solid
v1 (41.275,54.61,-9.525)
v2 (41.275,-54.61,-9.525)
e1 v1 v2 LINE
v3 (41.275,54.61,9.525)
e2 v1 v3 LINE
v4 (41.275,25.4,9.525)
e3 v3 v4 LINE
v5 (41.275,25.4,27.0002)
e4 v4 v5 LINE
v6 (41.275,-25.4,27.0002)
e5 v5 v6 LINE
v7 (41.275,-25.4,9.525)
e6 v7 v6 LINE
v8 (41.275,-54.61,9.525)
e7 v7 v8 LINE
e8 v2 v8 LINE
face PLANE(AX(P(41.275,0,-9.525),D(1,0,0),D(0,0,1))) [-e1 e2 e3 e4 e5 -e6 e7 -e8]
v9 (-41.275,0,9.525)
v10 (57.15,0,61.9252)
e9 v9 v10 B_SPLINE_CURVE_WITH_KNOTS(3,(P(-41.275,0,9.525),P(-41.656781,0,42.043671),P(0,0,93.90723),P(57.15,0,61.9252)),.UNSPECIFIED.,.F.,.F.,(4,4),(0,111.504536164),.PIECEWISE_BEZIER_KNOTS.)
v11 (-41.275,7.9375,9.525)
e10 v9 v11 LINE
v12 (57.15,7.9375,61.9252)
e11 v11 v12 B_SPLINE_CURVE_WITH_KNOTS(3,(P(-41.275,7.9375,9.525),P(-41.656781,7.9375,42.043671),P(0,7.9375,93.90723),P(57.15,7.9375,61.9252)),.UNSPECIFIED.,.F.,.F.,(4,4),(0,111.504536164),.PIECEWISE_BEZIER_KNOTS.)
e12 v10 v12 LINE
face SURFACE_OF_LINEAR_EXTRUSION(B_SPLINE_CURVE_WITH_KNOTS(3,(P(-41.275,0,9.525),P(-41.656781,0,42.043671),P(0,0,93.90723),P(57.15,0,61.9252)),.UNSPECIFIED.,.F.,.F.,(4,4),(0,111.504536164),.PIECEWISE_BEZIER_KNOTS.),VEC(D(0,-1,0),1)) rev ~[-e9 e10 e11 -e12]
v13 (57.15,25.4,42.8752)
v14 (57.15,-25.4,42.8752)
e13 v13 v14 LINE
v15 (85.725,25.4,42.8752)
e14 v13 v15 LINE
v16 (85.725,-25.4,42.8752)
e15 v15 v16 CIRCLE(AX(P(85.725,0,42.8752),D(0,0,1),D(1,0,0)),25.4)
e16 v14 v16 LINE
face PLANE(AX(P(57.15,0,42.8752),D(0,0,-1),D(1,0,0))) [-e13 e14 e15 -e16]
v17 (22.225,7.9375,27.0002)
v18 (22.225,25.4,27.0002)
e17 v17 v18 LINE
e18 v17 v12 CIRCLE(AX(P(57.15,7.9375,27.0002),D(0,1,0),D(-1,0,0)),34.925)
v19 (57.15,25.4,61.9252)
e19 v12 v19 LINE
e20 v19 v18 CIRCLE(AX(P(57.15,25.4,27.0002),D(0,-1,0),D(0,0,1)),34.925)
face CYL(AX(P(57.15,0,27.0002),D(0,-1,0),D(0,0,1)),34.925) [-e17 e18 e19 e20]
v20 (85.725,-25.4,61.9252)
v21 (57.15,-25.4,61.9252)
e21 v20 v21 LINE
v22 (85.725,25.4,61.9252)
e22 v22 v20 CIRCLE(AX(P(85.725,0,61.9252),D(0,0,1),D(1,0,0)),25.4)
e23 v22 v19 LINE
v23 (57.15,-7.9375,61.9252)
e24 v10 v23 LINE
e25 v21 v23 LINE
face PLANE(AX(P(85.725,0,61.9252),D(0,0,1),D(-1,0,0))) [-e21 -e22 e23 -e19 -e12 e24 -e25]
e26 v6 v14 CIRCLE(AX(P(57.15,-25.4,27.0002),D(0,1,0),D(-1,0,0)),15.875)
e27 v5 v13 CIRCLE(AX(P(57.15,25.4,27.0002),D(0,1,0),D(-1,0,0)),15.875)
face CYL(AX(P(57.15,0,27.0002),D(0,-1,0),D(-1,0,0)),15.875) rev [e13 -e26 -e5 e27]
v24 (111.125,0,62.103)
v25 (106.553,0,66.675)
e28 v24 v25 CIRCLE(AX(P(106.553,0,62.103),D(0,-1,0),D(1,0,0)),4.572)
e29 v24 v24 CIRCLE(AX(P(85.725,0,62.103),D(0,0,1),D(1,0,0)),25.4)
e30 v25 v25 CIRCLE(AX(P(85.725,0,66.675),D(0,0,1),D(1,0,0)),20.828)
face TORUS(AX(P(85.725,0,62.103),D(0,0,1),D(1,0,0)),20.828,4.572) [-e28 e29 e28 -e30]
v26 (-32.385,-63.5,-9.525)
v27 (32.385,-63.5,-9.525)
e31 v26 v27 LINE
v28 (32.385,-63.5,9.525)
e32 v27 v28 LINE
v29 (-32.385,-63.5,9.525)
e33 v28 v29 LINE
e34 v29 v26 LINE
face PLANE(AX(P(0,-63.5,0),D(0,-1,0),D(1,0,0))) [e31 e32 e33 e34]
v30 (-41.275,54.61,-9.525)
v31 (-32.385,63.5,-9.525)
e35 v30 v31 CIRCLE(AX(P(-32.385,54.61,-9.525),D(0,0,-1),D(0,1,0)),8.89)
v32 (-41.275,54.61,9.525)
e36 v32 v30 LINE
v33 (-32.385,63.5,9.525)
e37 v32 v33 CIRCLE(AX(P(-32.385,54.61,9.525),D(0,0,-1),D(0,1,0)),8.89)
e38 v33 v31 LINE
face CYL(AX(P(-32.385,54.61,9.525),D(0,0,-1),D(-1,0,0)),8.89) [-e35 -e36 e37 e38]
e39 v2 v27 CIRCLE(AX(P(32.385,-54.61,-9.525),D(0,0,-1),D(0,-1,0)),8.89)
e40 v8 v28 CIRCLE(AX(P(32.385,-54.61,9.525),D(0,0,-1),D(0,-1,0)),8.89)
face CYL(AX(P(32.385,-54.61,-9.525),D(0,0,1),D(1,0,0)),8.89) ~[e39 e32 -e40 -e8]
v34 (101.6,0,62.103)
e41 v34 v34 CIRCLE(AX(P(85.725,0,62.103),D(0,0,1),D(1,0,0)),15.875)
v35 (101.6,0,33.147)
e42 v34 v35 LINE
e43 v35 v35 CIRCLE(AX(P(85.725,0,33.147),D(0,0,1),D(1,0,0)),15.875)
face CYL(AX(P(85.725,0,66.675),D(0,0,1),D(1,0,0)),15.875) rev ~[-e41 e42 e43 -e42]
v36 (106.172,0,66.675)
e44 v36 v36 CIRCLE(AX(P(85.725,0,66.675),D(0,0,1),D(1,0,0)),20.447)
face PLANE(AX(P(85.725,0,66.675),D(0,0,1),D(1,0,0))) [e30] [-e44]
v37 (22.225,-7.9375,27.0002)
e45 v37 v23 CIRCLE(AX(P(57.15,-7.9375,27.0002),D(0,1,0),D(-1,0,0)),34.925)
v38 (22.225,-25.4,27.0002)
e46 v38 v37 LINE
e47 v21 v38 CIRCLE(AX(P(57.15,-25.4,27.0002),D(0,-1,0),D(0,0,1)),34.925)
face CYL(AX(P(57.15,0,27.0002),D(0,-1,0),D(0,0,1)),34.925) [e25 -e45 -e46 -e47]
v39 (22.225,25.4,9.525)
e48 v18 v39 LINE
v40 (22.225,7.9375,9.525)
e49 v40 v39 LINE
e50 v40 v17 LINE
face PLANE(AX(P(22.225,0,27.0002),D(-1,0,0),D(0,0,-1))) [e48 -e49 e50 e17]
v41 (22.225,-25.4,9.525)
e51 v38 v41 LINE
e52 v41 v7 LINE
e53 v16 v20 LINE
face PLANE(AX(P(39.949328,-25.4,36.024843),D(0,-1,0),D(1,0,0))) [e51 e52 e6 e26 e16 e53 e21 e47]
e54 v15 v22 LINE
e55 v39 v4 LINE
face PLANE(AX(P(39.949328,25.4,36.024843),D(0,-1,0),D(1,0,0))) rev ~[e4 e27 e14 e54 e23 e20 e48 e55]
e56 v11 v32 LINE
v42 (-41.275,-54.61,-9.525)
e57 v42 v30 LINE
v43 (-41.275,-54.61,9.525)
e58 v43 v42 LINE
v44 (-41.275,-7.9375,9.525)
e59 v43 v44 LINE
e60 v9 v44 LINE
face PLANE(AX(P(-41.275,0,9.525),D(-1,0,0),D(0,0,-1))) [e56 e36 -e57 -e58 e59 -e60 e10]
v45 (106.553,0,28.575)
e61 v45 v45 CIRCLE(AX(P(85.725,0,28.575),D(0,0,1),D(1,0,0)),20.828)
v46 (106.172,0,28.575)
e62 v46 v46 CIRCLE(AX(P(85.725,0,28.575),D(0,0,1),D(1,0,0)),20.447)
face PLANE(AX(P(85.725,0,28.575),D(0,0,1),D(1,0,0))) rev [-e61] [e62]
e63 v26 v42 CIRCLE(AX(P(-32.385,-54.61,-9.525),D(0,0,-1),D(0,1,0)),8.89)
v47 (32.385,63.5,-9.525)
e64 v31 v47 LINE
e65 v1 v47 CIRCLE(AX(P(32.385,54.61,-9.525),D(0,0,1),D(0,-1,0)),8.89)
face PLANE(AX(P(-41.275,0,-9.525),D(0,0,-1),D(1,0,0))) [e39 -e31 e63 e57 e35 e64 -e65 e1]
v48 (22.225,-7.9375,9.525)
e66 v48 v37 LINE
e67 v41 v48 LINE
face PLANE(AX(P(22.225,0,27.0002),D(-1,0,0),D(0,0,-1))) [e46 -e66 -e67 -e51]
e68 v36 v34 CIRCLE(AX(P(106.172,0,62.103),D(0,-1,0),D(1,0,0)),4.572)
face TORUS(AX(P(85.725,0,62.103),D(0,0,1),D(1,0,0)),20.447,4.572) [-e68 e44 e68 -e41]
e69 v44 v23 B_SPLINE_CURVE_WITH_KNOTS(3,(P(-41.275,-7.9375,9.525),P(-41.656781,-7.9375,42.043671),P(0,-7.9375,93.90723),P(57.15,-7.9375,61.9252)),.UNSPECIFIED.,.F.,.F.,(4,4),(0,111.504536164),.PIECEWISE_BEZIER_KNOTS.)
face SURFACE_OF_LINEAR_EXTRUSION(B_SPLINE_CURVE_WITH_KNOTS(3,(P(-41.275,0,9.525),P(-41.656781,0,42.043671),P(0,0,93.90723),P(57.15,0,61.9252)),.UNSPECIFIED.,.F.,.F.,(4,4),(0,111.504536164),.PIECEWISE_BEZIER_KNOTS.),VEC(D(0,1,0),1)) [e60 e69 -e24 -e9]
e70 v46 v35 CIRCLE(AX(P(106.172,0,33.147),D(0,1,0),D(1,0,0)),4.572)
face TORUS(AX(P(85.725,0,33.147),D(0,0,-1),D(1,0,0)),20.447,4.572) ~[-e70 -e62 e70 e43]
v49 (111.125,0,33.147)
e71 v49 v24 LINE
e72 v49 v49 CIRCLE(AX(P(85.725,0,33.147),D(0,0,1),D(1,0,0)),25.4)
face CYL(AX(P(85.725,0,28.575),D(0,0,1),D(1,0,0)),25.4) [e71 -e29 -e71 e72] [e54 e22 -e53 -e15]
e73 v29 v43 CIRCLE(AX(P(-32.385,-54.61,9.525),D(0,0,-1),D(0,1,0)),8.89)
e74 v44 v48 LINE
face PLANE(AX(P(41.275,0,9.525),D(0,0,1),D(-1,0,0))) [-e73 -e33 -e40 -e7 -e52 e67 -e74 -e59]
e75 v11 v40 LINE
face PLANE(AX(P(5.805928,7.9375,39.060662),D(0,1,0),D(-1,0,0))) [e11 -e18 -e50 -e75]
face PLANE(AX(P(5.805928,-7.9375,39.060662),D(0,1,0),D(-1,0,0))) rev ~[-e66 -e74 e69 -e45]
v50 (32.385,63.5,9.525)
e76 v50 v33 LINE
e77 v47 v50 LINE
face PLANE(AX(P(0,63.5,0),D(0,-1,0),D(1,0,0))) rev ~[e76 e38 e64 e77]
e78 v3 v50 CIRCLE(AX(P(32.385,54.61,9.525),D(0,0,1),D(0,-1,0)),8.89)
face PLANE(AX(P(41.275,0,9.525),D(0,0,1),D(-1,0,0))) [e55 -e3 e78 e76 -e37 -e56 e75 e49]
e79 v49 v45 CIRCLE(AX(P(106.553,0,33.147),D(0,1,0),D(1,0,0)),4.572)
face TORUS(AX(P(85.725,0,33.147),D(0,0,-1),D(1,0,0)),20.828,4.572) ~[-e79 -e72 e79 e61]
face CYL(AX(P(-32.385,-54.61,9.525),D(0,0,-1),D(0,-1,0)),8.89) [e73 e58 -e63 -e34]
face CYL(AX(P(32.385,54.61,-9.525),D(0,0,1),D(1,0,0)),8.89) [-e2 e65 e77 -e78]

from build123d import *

# Parameters (mm, degrees)
F1_DEPTH = 63.5
F0_W     = 25.4
F0_H     = 19.05
F2_DEPTH = 25.4
F3_DEPTH = 7.9375
F5_R     = 8.89
F6_R     = 15.875
F7_DEPTH = 38.1
F8_R     = 4.572


with BuildPart() as f1:
    # F0 (on Front) → F1 (new body, symmetric)
    with BuildSketch(Plane.XZ):
        Polygon((-41.275, -9.525), (41.275, -9.525), (41.275, 9.525), (22.225, 9.525), (-41.275, 9.525), align=None)
    extrude(amount=F1_DEPTH, both=True)

    # F0 (on Front) → F2 (join, symmetric)
    with BuildSketch(Plane.XZ):
        with BuildLine():
            Line((22.225, 9.525), (41.275, 9.525))
            Line((41.275, 9.525), (41.275, 27.0002))
            ThreePointArc((41.275, 27.0002), (45.9246798487, 38.2255201513), (57.15, 42.8752))
            Line((57.15, 42.8752), (60.325, 42.8752))
            Line((60.325, 42.8752), (60.325, 61.9252))
            Line((60.325, 61.9252), (57.15, 61.9252))
            ThreePointArc((57.15, 61.9252), (32.4542956671, 51.6959043329), (22.225, 27.0002))
            Line((22.225, 27.0002), (22.225, 9.525))
        make_face()
        with Locations((73.025, 52.4002)):
            Rectangle(F0_W, F0_H)
    extrude(amount=F2_DEPTH, both=True)

    # F0 (on Front) → F3 (join, symmetric)
    with BuildSketch(Plane.XZ):
        with BuildLine():
            add(Edge.make_bspline(
                [(-41.275, 9.525), (-41.656780988, 42.0436710119), (0, 93.9072296023), (57.15, 61.9252)],
                knots=[0, 0, 0, 0, 111.5045361635, 111.5045361635, 111.5045361635, 111.5045361635], degree=3))
            Line((-41.275, 9.525), (22.225, 9.525))
            Line((22.225, 9.525), (22.225, 27.0002))
            ThreePointArc((22.225, 27.0002), (32.4542956671, 51.6959043329), (57.15, 61.9252))
        make_face()
    extrude(amount=F3_DEPTH, both=True)

    # F0 (on Front) → F4 (revolve)
    with BuildSketch(Plane.XZ):
        Polygon((85.725, 66.675), (85.725, 61.9252), (85.725, 42.8752), (85.725, 28.575), (111.125, 28.575), (111.125, 66.675), align=None)
    revolve(axis=Axis((85.725, 0, 47.625), (0, 0, 1)))

    # F5
    f5_edges = [f1.edges().sort_by_distance(p)[0] for p in [
        (-41.275, -63.5, 0),
        (41.275, -63.5, 0),
        (41.275, 63.5, 0),
        (-41.275, 63.5, 0),
    ]]
    fillet(f5_edges, radius=F5_R)

    # F6 (on face) → F7 (cut, through all)
    with BuildSketch(Plane.XY.offset(66.675)):
        with Locations((85.725, 0)):
            Circle(F6_R)
    extrude(amount=-F7_DEPTH, mode=Mode.SUBTRACT)

    # F8
    f8_edges = [f1.edges().sort_by_distance(p)[0] for p in [
        (69.85, 0, 66.675),
        (69.85, 0, 28.575),
        (60.325, 0, 66.675),
        (60.325, 0, 28.575),
    ]]
    fillet(f8_edges, radius=F8_R)


solid = f1.part
